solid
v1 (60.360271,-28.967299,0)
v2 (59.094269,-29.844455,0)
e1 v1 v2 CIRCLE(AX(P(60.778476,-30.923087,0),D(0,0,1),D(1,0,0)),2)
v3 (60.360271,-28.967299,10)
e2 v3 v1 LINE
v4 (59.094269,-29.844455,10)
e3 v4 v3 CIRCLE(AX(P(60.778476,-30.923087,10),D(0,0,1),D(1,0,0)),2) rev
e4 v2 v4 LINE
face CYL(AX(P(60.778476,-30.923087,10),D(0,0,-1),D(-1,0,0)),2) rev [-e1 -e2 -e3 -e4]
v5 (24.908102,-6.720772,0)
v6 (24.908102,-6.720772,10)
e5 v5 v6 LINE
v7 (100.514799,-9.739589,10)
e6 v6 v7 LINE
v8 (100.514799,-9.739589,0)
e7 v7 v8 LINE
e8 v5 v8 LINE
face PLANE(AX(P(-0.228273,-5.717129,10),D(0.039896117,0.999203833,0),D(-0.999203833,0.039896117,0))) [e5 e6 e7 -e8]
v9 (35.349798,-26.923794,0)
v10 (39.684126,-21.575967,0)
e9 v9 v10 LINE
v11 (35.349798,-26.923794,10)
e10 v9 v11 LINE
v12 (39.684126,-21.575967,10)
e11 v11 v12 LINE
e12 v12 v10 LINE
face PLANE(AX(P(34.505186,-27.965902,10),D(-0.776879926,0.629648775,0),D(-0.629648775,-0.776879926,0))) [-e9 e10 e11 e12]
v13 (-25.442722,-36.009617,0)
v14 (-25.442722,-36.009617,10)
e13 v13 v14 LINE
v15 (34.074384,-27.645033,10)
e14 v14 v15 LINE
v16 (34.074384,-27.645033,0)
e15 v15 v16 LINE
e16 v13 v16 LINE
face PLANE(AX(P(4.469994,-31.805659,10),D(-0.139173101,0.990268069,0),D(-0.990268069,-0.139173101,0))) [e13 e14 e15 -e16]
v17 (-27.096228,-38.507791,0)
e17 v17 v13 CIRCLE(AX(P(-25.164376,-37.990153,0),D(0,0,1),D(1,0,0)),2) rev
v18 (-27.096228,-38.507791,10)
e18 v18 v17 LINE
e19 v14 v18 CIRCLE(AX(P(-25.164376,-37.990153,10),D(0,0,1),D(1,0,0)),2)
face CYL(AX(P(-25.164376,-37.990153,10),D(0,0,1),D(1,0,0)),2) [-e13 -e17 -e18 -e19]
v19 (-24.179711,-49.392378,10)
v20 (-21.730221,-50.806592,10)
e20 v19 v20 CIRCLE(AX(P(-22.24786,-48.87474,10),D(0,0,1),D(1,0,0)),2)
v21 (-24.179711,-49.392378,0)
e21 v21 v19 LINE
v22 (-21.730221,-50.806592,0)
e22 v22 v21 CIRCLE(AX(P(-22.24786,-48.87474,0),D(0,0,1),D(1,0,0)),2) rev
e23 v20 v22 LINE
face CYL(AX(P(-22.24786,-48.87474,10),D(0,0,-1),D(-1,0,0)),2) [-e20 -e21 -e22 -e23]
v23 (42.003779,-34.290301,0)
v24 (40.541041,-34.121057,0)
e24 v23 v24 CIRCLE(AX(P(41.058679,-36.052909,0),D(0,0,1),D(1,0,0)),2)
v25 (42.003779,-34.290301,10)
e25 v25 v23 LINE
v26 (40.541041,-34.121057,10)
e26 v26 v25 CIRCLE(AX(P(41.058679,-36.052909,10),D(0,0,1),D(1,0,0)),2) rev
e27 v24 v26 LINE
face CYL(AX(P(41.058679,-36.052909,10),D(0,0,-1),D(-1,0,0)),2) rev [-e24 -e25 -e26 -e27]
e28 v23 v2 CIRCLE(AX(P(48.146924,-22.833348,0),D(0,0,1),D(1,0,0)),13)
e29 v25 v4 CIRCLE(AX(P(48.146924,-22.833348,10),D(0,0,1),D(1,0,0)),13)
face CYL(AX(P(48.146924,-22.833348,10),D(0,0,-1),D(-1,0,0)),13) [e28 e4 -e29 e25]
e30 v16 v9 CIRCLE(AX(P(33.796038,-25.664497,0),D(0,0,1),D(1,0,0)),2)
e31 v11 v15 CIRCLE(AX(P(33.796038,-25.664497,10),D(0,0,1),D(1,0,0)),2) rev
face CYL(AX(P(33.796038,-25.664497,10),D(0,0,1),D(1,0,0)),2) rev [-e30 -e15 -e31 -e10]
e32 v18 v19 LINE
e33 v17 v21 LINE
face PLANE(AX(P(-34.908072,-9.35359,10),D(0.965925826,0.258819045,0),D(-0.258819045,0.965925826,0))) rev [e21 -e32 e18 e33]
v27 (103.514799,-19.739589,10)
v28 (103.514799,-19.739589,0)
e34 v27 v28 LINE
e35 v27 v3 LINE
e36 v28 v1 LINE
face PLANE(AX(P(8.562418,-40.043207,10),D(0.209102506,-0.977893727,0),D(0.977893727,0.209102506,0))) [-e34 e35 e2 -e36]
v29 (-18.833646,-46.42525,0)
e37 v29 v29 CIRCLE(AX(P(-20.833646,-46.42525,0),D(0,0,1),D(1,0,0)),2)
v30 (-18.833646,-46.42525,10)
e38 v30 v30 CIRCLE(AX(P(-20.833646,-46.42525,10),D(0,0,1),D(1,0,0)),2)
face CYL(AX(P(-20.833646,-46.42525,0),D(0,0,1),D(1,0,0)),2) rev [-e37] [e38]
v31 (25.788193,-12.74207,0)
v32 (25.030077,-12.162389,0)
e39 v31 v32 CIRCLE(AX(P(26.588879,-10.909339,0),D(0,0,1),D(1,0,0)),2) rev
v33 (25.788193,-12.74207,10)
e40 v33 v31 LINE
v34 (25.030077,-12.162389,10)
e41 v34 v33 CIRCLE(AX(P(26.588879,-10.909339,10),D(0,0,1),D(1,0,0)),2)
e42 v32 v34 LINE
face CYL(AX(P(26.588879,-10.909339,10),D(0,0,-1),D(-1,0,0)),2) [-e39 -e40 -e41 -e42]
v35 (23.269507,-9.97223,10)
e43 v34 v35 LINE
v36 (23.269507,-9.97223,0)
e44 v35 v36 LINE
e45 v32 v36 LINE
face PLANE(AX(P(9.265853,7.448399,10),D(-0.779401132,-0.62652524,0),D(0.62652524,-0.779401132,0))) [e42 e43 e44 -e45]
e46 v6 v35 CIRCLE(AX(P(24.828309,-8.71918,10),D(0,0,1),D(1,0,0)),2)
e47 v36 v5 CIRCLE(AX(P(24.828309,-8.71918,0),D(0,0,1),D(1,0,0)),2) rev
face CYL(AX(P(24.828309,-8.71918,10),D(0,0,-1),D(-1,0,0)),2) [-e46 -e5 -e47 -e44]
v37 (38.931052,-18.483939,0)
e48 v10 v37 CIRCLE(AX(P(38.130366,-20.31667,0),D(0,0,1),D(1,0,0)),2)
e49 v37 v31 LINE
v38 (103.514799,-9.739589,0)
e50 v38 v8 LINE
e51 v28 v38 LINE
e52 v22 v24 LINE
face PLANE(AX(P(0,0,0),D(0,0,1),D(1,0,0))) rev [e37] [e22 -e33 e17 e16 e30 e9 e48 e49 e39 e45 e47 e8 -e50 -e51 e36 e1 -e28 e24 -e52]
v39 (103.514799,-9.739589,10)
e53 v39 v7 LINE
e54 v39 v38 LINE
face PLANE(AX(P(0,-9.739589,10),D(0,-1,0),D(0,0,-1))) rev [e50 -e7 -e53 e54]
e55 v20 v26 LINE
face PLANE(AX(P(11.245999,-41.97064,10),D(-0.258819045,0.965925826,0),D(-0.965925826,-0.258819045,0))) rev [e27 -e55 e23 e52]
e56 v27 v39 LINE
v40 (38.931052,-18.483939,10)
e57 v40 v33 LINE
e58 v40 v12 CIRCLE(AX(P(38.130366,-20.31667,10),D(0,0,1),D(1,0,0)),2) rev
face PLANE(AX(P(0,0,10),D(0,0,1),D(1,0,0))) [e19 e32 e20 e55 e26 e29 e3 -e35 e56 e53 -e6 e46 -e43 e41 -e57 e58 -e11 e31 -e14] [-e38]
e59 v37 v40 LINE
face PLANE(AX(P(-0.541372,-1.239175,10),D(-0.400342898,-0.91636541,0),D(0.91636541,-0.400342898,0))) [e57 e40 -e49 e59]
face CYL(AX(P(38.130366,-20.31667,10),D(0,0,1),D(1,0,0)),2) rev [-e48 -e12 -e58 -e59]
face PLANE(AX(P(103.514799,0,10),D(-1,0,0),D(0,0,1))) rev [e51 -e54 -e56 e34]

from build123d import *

# Parameters (mm, degrees)
BOSS_EXTRUDE1_DEPTH = 10
SKETCH2_R           = 2
CUT_EXTRUDE1_DEPTH  = 116.971936943
FILLET1_R           = 2


with BuildPart() as part:
    # Sketch1 → Boss-Extrude1 (new body)
    with BuildSketch(Plane(origin=(0, 0, 0), x_dir=(0, 1, 0), z_dir=(0, 0, 1))):
        with BuildLine():
            Line((-36.324229872, 27.68131099), (-51.324229872, 23.662073103))
            Line((-51.324229872, 23.662073103), (-33.907532364, -41.337926897))
            ThreePointArc((-33.907532364, -41.337926897), (-35.409341514, -51.440004773), (-29.149202114, -59.509581147))
            Line((-29.149202114, -59.509581147), (-19.739589339, -103.514798876))
            Line((-19.739589339, -103.514798876), (-9.739589339, -103.514798876))
            Line((-9.739589339, -103.514798876), (-9.739589339, -100.514798876))
            Line((-9.739589339, -100.514798876), (-6.545356821, -20.514798876))
            Line((-6.545356821, -20.514798876), (-12.545356821, -25.337926897))
            Line((-12.545356821, -25.337926897), (-19.535457388, -41.337926897))
            Line((-19.535457388, -41.337926897), (-27.535457388, -34.854054639))
            Line((-27.535457388, -34.854054639), (-36.324229872, 27.68131099))
        make_face()
    extrude(amount=BOSS_EXTRUDE1_DEPTH)

    # Sketch2 → Cut-Extrude1 (cut, through all)
    with BuildSketch(Plane.XY.offset(10)):
        with Locations((-20.833645978, -46.425250386)):
            Circle(SKETCH2_R)
    extrude(amount=-CUT_EXTRUDE1_DEPTH, mode=Mode.SUBTRACT)

    # Fillet1
    fillet1_edges = [part.edges().sort_by_distance(p)[0] for p in [
        (59.509581147, -29.149202114, 5),
        (41.337926897, -33.907532364, 5),
        (-23.662073103, -51.324229872, 5),
        (-27.68131099, -36.324229872, 5),
        (34.854054639, -27.535457388, 5),
        (41.337926897, -19.535457388, 5),
        (25.337926897, -12.545356821, 5),
        (20.514798876, -6.545356821, 5),
    ]]
    fillet(fillet1_edges, radius=FILLET1_R)


solid = part.part
